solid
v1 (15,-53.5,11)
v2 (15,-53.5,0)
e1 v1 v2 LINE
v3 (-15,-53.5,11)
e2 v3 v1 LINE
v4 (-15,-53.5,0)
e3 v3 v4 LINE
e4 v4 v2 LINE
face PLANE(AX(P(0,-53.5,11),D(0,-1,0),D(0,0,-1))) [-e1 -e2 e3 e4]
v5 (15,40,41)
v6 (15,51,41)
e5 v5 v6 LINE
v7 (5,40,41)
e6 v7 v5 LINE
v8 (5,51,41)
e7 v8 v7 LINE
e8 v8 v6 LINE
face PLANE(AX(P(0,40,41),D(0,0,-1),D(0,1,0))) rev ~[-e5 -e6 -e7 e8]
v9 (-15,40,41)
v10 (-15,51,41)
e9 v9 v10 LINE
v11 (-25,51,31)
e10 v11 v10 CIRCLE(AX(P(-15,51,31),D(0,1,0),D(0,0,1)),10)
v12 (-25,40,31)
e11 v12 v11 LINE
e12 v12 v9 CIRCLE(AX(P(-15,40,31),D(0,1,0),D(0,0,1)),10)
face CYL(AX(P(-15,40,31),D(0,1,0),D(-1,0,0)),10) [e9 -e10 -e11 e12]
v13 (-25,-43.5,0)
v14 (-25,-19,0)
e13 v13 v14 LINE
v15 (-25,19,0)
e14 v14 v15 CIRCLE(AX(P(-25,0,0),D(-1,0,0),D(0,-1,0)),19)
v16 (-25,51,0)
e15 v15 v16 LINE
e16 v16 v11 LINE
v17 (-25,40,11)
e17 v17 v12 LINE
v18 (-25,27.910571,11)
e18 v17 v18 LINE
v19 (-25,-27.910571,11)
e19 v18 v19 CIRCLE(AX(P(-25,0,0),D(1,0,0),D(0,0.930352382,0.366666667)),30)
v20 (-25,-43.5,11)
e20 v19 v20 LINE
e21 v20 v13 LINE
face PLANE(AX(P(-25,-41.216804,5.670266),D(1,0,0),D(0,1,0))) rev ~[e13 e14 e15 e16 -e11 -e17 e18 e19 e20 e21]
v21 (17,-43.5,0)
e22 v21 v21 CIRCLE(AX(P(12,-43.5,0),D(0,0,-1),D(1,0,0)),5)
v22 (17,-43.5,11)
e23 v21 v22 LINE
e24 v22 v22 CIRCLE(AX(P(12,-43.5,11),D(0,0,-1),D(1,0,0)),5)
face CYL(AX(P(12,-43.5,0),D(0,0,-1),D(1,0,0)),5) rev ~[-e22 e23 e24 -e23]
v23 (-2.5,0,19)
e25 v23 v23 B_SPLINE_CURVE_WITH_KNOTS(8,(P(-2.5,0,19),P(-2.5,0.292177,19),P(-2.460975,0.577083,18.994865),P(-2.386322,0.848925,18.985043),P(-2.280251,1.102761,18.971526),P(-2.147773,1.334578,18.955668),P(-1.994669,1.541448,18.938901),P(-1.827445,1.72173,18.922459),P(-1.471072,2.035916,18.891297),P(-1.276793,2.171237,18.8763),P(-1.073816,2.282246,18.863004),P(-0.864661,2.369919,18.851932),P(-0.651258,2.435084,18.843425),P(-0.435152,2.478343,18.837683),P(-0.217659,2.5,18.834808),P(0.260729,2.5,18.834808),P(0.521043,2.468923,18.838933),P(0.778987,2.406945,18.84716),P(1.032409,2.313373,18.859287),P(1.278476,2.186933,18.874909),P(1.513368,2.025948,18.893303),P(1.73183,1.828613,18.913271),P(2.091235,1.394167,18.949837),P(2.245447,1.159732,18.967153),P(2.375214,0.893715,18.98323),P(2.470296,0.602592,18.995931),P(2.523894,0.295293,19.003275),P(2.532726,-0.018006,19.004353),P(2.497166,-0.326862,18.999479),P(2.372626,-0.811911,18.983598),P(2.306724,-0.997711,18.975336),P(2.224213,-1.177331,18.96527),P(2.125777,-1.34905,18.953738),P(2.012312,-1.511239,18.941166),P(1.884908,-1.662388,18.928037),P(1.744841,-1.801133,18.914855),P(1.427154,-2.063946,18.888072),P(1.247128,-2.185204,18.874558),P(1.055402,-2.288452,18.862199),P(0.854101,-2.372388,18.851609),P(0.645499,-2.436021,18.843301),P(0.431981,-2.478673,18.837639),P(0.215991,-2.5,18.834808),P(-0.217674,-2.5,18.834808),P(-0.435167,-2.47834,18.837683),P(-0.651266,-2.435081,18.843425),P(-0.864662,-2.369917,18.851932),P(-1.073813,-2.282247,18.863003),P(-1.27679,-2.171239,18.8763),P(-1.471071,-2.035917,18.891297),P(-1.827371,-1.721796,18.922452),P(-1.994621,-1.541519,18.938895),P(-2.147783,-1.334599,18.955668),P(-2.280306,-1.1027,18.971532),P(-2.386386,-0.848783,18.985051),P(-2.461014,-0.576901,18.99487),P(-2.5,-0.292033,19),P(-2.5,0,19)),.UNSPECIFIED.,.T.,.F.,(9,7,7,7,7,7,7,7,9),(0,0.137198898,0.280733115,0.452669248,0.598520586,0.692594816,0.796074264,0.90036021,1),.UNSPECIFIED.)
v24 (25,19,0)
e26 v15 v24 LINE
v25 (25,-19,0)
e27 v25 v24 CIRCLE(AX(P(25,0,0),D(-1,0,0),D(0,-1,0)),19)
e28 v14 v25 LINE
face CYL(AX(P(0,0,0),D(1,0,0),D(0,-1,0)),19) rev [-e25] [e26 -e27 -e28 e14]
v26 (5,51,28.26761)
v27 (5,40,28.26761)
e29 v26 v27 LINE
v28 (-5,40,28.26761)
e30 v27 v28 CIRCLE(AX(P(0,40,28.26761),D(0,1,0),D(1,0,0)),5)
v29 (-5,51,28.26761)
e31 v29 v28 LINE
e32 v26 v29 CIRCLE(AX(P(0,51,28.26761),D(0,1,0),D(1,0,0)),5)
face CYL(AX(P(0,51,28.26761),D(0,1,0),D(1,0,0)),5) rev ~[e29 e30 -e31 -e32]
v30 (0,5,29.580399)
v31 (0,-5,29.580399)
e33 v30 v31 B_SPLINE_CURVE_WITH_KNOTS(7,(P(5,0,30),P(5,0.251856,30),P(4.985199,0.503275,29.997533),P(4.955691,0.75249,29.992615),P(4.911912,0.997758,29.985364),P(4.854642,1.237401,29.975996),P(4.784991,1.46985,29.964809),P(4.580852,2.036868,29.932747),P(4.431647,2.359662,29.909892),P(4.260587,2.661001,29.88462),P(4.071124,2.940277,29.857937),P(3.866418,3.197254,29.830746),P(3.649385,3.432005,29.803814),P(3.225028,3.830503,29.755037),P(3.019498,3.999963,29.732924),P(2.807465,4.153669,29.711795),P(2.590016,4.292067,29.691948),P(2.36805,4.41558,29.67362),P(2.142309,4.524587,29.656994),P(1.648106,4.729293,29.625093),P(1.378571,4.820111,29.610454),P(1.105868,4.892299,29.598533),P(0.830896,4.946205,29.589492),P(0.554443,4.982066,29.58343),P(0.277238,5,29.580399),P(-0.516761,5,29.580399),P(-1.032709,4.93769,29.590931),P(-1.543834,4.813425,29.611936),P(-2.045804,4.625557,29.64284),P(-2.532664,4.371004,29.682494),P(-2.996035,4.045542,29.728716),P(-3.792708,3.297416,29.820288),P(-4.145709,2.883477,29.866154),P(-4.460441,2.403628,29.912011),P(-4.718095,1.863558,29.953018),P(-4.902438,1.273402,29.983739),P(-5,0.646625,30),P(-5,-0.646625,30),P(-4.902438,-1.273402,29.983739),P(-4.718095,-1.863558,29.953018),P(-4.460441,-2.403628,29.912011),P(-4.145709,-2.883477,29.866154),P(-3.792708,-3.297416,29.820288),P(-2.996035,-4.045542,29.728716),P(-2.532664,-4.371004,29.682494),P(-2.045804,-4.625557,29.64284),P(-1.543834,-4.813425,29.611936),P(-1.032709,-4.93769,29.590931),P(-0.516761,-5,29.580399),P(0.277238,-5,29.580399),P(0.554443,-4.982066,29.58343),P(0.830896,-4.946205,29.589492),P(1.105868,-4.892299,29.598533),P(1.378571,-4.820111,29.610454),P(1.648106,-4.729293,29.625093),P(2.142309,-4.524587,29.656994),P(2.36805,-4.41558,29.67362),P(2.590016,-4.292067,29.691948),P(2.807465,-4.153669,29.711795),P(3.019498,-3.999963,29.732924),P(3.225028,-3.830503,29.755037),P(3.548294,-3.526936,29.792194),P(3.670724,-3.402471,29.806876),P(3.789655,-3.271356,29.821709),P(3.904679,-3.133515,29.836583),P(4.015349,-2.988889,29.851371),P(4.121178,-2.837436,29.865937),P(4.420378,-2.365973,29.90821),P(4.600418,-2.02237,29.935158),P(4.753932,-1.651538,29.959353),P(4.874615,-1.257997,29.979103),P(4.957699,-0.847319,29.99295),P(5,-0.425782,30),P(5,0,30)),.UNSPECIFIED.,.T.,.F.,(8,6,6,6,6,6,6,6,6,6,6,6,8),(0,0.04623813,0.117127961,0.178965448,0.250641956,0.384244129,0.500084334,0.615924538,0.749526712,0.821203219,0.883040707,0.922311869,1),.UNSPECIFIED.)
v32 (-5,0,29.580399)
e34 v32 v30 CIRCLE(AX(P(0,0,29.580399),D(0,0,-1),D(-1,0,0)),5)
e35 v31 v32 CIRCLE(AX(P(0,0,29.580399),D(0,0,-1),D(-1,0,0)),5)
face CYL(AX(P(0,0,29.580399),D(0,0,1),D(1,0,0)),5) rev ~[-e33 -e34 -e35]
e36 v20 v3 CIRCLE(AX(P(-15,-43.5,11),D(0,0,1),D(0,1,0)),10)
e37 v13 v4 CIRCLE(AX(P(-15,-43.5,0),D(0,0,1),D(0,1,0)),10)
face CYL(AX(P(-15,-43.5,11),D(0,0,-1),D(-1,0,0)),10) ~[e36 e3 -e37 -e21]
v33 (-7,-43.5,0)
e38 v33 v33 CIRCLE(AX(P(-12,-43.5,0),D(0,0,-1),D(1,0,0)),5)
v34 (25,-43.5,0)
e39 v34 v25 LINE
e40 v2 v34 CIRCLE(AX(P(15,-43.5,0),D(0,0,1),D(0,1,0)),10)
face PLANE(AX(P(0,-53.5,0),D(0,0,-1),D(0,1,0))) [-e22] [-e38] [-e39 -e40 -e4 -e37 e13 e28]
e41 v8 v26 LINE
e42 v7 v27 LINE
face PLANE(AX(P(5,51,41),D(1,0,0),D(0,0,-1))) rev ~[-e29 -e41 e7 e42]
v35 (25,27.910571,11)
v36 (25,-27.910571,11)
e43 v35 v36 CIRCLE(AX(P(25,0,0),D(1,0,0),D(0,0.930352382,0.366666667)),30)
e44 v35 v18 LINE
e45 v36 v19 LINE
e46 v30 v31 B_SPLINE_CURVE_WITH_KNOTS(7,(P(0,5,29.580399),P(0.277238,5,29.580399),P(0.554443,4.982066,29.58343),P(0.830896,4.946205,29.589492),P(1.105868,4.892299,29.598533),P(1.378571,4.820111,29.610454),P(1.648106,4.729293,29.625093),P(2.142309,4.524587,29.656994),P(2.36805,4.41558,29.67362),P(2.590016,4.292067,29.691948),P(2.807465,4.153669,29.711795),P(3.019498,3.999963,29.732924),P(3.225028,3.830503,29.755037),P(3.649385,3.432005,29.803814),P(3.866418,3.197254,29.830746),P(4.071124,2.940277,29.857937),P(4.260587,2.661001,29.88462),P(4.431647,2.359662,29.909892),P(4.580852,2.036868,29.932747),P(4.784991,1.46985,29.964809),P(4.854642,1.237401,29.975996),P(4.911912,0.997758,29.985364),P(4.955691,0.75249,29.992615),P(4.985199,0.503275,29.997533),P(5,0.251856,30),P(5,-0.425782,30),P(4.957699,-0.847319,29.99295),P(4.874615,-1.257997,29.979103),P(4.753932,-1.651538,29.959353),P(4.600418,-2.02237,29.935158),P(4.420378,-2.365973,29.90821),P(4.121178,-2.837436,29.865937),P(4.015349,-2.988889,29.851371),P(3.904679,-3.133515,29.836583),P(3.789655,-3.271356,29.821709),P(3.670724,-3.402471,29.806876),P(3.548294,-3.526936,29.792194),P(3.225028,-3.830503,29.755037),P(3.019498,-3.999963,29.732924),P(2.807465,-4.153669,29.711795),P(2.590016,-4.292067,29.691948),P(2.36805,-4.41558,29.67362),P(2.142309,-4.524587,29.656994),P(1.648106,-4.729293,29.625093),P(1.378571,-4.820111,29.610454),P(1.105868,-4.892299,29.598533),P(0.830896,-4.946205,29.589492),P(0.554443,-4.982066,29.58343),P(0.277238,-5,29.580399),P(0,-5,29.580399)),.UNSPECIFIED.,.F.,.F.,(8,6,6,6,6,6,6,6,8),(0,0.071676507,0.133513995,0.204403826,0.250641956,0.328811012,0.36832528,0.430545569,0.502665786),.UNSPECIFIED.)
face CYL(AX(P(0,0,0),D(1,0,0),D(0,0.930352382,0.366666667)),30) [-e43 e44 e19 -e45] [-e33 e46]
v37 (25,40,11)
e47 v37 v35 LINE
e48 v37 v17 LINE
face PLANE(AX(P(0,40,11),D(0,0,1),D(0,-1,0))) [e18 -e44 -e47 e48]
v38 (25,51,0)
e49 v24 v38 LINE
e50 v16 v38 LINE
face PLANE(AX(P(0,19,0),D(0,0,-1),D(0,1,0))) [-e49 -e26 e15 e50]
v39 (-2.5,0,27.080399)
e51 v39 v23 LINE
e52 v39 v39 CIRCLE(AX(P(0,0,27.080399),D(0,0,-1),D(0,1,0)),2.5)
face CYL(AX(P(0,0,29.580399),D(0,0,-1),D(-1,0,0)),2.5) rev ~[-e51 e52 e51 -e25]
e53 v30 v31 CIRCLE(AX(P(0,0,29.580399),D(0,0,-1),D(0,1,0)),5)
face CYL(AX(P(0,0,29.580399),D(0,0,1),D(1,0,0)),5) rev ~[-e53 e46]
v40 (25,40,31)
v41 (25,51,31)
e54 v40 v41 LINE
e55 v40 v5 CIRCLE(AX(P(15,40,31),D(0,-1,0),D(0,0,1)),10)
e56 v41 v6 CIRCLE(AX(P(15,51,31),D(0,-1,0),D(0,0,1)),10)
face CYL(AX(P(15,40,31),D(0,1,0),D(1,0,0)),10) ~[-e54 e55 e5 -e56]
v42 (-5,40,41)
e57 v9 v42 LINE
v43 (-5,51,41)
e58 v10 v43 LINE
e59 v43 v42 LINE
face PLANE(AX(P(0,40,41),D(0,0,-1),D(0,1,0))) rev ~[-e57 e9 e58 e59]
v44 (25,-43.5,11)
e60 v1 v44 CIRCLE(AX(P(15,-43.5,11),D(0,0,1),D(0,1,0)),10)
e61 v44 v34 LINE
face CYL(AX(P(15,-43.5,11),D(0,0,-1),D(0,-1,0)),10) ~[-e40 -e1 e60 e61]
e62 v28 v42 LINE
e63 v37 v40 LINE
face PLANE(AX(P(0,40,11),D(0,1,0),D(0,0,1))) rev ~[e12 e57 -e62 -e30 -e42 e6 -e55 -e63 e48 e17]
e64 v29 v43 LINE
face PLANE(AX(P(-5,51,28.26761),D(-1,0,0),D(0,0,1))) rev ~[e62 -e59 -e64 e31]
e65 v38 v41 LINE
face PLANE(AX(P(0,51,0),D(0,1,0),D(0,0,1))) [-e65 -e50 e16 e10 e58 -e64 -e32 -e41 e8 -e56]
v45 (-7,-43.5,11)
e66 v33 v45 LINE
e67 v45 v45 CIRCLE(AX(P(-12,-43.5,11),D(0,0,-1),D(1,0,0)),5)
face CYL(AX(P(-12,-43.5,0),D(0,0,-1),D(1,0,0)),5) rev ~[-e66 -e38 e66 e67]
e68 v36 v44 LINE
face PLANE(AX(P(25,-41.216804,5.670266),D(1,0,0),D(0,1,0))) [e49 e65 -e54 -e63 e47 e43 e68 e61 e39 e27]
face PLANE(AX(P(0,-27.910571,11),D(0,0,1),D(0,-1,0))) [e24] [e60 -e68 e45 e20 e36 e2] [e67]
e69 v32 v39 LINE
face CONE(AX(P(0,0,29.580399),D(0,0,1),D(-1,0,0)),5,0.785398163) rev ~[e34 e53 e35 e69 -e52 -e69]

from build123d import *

# Parameters (mm, degrees)
F0_W           = 11
F0_H           = 30
F1_DEPTH       = 25
F1_DEPTH_BACK  = 25
F3_DEPTH       = 11
F4_R           = 10
F5_R           = 5
F6_DEPTH       = 12
F8_D           = 5
F8_START       = 11.4196012
F8_CSINK_D     = 10
F8_CSINK_ANGLE = 90


with BuildPart() as f1:
    # F0 (on Right) → F1 (new body, two sides)
    with BuildSketch(Plane.YZ) as f1_sk:
        with BuildLine():
            Line((-27.9105714739, 11), (-53.5, 11))
            Line((-53.5, 11), (-53.5, 0))
            Line((-53.5, 0), (-30, 0))
            ThreePointArc((-30, 0), (-29.4730143031, 5.5983415304), (-27.9105714739, 11))
        make_face()
        with BuildLine():
            ThreePointArc((27.9105714739, 11), (0, 30), (-27.9105714739, 11))
            ThreePointArc((-27.9105714739, 11), (-29.4730143031, 5.5983415304), (-30, 0))
            Line((-30, 0), (-19, 0))
            ThreePointArc((-19, 0), (0, 19), (19, 0))
            Line((19, 0), (30, 0))
            ThreePointArc((30, 0), (29.4730143031, 5.5983415304), (27.9105714739, 11))
        make_face()
        with BuildLine():
            Line((40, 11), (27.9105714739, 11))
            ThreePointArc((27.9105714739, 11), (29.4730143031, 5.5983415304), (30, 0))
            Line((30, 0), (51, 0))
            Line((51, 0), (51, 11))
            Line((51, 11), (40, 11))
        make_face()
        with Locations((45.5, 26)):
            Rectangle(F0_W, F0_H)
    extrude(amount=F1_DEPTH)
    extrude(f1_sk.sketch, amount=-F1_DEPTH_BACK)

    # F2 (on face) → F3 (cut)
    with BuildSketch(Plane(origin=(0, 51, 0), x_dir=(-1, 0, 0), z_dir=(0, 1, 0))):
        with BuildLine():
            Line((5, 41), (-5, 41))
            Line((-5, 41), (-5, 28.2676104225))
            ThreePointArc((-5, 28.2676104225), (0, 33.2676104225), (5, 28.2676104225))
            Line((5, 28.2676104225), (5, 41))
        make_face()
        with BuildLine():
            ThreePointArc((5, 28.2676104225), (0, 33.2676104225), (-5, 28.2676104225))
            Line((-5, 28.2676104225), (5, 28.2676104225))
        make_face()
        with BuildLine():
            Line((5, 28.2676104225), (-5, 28.2676104225))
            ThreePointArc((-5, 28.2676104225), (0, 23.2676104225), (5, 28.2676104225))
        make_face()
    extrude(amount=-F3_DEPTH, mode=Mode.SUBTRACT)

    # F4
    f4_edges = [f1.edges().sort_by_distance(p)[0] for p in [
        (25, -53.5, 5.5),
        (-25, -53.5, 5.5),
        (25, 45.5, 41),
        (-25, 45.5, 41),
    ]]
    fillet(f4_edges, radius=F4_R)

    # F5 (on face) → F6 (cut)
    with BuildSketch(Plane(origin=(0, 0, 0), x_dir=(1, 0, 0), z_dir=(0, 0, -1))):
        with Locations((-12, 43.5)):
            Circle(F5_R)
        with Locations((12, 43.5)):
            Circle(F5_R)
    extrude(amount=-F6_DEPTH, mode=Mode.SUBTRACT)

    # F8 (through all)
    # its depths count from where the whole tool has entered the part; down to there all is cleared
    with Locations(Plane.XY.offset(41).offset(-F8_START)):
        with Locations((0, 0)):
            CounterSinkHole(F8_D / 2, F8_CSINK_D / 2, counter_sink_angle=F8_CSINK_ANGLE)


solid = f1.part
